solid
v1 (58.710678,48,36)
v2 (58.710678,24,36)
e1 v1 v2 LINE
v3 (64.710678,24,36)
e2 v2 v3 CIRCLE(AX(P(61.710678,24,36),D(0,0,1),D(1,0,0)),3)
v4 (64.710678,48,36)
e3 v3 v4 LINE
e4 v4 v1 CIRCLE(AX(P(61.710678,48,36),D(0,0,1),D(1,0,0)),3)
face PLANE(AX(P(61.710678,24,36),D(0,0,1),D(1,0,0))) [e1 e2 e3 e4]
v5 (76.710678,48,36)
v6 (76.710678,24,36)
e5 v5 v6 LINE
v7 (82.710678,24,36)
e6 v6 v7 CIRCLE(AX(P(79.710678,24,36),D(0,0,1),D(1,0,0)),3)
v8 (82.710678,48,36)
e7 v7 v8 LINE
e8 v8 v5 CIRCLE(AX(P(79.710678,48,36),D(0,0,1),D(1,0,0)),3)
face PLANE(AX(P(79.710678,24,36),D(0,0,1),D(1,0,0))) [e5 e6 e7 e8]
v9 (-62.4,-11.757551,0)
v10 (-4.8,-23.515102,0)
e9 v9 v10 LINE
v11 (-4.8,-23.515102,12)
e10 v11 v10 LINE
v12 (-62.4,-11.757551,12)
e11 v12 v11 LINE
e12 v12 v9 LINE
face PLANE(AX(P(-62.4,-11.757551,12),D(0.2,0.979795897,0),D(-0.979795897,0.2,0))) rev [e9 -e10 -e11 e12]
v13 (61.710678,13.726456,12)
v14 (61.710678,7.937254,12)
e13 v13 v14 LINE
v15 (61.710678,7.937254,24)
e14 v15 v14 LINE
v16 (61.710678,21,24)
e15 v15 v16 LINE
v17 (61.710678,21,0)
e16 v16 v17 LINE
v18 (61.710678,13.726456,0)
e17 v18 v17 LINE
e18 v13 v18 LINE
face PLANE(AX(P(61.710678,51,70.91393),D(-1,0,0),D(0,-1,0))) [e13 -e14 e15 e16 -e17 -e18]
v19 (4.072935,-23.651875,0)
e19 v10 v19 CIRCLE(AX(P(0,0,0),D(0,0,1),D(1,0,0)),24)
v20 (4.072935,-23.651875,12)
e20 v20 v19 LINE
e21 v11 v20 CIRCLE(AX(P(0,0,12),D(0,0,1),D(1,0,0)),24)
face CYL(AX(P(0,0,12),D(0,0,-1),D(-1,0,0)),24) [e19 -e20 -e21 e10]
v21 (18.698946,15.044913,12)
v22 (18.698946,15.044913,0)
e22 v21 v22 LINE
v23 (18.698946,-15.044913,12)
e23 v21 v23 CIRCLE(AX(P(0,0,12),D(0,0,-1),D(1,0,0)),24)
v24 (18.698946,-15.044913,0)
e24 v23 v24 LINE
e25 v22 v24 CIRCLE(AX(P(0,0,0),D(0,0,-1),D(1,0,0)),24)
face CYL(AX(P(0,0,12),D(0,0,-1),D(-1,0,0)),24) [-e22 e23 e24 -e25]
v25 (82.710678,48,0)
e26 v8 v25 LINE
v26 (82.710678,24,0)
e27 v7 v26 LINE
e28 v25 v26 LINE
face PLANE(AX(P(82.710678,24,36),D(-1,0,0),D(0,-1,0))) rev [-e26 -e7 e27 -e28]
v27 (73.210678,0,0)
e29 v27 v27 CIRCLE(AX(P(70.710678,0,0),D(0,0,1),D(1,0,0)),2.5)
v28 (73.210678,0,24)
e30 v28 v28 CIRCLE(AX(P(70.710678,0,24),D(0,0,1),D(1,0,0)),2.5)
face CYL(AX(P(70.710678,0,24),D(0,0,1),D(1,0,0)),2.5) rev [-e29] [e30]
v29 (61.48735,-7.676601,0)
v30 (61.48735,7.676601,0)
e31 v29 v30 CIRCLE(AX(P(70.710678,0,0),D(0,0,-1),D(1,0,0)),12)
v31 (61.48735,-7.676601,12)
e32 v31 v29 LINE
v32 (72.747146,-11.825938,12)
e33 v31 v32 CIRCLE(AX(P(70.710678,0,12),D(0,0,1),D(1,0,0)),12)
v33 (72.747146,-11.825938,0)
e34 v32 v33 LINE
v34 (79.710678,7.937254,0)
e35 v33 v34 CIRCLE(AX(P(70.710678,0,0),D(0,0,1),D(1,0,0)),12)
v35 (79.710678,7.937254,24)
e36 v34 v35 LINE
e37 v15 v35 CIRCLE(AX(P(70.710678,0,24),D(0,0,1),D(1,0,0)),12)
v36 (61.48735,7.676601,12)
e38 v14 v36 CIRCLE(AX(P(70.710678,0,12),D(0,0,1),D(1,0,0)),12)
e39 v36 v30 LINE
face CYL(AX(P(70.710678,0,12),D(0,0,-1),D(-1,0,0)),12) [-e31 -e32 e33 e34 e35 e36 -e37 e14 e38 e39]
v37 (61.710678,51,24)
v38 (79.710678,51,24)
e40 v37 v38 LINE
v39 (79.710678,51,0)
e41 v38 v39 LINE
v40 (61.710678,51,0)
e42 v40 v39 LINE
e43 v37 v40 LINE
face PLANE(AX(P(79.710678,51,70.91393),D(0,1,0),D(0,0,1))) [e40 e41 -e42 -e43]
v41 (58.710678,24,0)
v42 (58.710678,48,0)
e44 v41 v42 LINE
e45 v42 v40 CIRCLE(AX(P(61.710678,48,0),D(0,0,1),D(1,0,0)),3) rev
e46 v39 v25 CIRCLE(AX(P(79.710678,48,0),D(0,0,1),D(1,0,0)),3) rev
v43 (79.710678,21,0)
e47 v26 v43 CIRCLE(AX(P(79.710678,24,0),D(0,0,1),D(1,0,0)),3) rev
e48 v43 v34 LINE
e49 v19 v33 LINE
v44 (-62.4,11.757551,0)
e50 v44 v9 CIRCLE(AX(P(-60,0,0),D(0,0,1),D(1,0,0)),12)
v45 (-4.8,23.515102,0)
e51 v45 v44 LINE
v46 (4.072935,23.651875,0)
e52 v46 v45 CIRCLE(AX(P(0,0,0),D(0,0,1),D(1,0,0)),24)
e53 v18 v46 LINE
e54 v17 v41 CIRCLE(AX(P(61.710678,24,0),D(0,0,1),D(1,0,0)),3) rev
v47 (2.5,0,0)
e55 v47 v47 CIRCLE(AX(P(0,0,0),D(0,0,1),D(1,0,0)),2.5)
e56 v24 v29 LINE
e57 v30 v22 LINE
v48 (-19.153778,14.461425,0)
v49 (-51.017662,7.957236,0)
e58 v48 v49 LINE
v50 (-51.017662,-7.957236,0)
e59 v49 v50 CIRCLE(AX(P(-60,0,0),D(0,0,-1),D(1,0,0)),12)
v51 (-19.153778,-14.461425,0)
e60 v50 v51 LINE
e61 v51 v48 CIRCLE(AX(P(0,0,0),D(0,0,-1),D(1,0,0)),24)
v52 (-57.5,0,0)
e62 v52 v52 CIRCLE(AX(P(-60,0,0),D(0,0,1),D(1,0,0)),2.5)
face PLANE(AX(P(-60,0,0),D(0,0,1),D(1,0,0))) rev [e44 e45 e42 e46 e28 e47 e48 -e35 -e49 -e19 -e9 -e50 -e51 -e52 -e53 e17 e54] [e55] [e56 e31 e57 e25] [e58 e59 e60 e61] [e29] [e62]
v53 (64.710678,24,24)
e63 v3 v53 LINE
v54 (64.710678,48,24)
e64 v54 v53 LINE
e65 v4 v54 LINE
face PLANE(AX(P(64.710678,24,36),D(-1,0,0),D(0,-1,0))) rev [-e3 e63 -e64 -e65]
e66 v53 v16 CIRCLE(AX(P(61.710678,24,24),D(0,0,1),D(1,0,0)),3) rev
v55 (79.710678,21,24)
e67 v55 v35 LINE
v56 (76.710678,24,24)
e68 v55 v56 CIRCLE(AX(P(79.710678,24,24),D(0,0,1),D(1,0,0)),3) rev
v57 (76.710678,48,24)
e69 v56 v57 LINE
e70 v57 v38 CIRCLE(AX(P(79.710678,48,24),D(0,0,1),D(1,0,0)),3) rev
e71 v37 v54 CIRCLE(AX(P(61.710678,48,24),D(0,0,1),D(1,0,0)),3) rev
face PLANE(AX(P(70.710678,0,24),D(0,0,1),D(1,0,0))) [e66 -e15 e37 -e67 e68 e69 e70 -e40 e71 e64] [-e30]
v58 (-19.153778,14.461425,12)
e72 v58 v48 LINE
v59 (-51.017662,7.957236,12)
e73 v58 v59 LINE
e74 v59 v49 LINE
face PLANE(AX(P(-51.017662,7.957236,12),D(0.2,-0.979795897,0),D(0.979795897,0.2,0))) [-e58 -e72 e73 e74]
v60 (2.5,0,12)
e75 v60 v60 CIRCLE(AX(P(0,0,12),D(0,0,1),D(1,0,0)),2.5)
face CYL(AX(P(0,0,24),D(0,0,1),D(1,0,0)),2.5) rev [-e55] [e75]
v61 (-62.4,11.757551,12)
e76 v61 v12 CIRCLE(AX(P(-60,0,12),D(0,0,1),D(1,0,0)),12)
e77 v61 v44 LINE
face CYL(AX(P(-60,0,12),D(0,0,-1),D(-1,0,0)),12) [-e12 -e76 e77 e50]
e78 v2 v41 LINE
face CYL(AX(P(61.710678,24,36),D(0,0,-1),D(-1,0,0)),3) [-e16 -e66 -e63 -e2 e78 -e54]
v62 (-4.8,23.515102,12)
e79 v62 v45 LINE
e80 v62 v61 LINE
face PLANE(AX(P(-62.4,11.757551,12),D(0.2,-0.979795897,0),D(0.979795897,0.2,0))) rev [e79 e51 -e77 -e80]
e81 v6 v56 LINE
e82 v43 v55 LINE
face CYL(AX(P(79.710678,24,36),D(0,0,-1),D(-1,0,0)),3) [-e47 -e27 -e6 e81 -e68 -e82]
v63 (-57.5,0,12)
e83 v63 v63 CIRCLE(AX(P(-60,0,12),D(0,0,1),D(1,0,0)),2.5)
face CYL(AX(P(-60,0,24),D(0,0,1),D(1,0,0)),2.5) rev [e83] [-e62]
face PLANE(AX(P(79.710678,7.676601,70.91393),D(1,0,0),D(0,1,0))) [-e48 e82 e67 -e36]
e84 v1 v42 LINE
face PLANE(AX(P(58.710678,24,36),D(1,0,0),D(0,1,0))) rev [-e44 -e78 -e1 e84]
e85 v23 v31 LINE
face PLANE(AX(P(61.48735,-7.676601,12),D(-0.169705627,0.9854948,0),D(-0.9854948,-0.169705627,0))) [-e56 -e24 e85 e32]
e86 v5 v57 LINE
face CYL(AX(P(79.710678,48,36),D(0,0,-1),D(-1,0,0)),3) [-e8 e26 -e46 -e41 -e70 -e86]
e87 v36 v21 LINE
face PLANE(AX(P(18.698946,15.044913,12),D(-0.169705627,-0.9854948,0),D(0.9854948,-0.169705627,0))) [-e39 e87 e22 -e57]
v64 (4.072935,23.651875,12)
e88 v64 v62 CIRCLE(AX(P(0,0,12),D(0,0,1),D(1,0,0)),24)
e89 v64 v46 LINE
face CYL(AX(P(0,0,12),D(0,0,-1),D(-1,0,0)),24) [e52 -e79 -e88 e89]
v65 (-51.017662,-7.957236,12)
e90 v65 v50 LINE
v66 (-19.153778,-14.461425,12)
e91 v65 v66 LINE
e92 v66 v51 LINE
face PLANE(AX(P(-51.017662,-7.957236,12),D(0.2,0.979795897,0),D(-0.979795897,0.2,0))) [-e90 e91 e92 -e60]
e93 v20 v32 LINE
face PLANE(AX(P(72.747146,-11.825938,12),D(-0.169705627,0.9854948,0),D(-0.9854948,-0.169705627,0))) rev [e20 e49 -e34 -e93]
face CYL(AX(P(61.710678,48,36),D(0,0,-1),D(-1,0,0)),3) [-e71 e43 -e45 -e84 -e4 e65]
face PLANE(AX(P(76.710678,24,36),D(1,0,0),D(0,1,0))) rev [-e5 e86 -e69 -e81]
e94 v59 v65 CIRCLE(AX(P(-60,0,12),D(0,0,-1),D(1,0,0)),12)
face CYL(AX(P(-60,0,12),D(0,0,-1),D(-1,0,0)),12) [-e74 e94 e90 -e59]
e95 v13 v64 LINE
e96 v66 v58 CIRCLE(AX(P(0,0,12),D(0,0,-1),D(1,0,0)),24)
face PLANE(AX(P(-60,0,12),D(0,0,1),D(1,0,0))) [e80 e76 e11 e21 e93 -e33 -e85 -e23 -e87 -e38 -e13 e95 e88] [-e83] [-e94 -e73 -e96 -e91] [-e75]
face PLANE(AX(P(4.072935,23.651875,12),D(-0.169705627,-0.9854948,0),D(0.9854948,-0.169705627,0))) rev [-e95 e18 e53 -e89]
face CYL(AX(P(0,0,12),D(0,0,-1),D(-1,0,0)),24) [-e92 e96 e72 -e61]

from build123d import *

# Parameters (mm, degrees)
BOSS_EXTRUDE1_DEPTH   = 12
SKETCH5_R             = 12
BOSS_EXTRUDE2_DEPTH   = 12
M6_TAPPED_HOLE1_D     = 5
BOSS_EXTRUDE3_START   = -24
BOSS_EXTRUDE3_DEPTH   = 36
BOSS_EXTRUDE3_2_DEPTH = 36
BOSS_EXTRUDE4_REACH   = 105.625
SKETCH7_W             = 18
SKETCH7_H             = 43.323398588


with BuildPart() as part:
    # Sketch1 → Boss-Extrude1 (new body)
    with BuildSketch(Plane.XY):
        with BuildLine():
            Line((-62.4, 11.757550765), (-4.8, 23.515101531))
            ThreePointArc((-4.8, 23.515101531), (-0.369908928, 23.997149151), (4.07293506, 23.65187519))
            Line((4.07293506, 23.65187519), (72.747145648, 11.825937595))
            ThreePointArc((72.747145648, 11.825937595), (82.710678119, 0), (72.747145648, -11.825937595))
            Line((72.747145648, -11.825937595), (4.07293506, -23.65187519))
            ThreePointArc((4.07293506, -23.65187519), (-0.369908928, -23.997149151), (-4.8, -23.515101531))
            Line((-4.8, -23.515101531), (-62.4, -11.757550765))
            ThreePointArc((-62.4, -11.757550765), (-72, 0), (-62.4, 11.757550765))
        make_face()
        with BuildLine():
            Line((-51.017662351, 7.957236352), (-19.153777676, 14.461424575))
            ThreePointArc((-19.153777676, 14.461424575), (-24, 0), (-19.153777676, -14.461424575))
            Line((-19.153777676, -14.461424575), (-51.017662351, -7.957236352))
            ThreePointArc((-51.017662351, -7.957236352), (-48, 0), (-51.017662351, 7.957236352))
        make_face(mode=Mode.SUBTRACT)
        with BuildLine():
            Line((18.698946243, 15.044913074), (61.487349503, 7.676601412))
            ThreePointArc((61.487349503, 7.676601412), (58.710678119, 0), (61.487349503, -7.676601412))
            Line((61.487349503, -7.676601412), (18.698946243, -15.044913074))
            ThreePointArc((18.698946243, -15.044913074), (24, 0), (18.698946243, 15.044913074))
        make_face(mode=Mode.SUBTRACT)
    extrude(amount=BOSS_EXTRUDE1_DEPTH)

    # Sketch5 → Boss-Extrude2 (add)
    with BuildSketch(Plane.XY.offset(12)):
        with Locations(Location((70.710678119, 0, 0), (0, 0, 140.229295936))):
            Circle(SKETCH5_R)
    extrude(amount=BOSS_EXTRUDE2_DEPTH)

    # M6 Tapped Hole1 (through all)
    with Locations(Plane.XY.offset(24)):
        with Locations((-60, 0), (0, 0), (70.710678119, 0)):
            Hole(M6_TAPPED_HOLE1_D / 2)

    # Boss-Extrude4: up to this face of the body (flat: up to its plane)
    boss_extrude4_end = Plane(part.part.faces().sort_by_distance((79.673131606, -7.459474336, 24))[0])
    # Sketch7 → Boss-Extrude4 (add, up to the picked face)
    with BuildSketch(Plane(origin=(0, 0, 0), x_dir=(-1, 0, 0), z_dir=(0, 0, -1)), mode=Mode.PRIVATE) as boss_extrude4_sk1:
        with Locations((-70.710678119, 29.338300706)):
            Rectangle(SKETCH7_W, SKETCH7_H)
    boss_extrude4_tool1 = split(extrude(boss_extrude4_sk1.sketch, amount=-BOSS_EXTRUDE4_REACH, mode=Mode.PRIVATE), bisect_by=boss_extrude4_end, keep=Keep.BOTH, mode=Mode.PRIVATE)


with BuildPart() as body_2:
    # Sketch6 → Boss-Extrude3 (new body)
    with BuildSketch(Plane.XY.offset(24).offset(BOSS_EXTRUDE3_START)):
        with BuildLine():
            Line((76.710678119, 24), (76.710678119, 48))
            ThreePointArc((76.710678119, 48), (79.710678119, 51), (82.710678119, 48))
            Line((82.710678119, 48), (82.710678119, 24))
            ThreePointArc((82.710678119, 24), (79.710678119, 21), (76.710678119, 24))
        make_face()
    extrude(amount=BOSS_EXTRUDE3_DEPTH)


with BuildPart() as body_3:
    # Sketch6 → Boss-Extrude3 2 (new body)
    with BuildSketch(Plane.XY.offset(24).offset(BOSS_EXTRUDE3_START)):
        with BuildLine():
            Line((58.710678119, 24), (58.710678119, 48))
            ThreePointArc((58.710678119, 48), (61.710678119, 51), (64.710678119, 48))
            Line((64.710678119, 48), (64.710678119, 24))
            ThreePointArc((64.710678119, 24), (61.710678119, 21), (58.710678119, 24))
        make_face()
    extrude(amount=BOSS_EXTRUDE3_2_DEPTH)


with BuildPart() as part_1:
    add(part.part)

    add(body_2.part)  # Boss-Extrude4 merges body 2

    add(body_3.part)  # Boss-Extrude4 merges body 3
    add(boss_extrude4_tool1.solids().sort_by(Axis((70.710678, 29.338301, 0), (0, 0, 1)))[0])


solid = part_1.part
